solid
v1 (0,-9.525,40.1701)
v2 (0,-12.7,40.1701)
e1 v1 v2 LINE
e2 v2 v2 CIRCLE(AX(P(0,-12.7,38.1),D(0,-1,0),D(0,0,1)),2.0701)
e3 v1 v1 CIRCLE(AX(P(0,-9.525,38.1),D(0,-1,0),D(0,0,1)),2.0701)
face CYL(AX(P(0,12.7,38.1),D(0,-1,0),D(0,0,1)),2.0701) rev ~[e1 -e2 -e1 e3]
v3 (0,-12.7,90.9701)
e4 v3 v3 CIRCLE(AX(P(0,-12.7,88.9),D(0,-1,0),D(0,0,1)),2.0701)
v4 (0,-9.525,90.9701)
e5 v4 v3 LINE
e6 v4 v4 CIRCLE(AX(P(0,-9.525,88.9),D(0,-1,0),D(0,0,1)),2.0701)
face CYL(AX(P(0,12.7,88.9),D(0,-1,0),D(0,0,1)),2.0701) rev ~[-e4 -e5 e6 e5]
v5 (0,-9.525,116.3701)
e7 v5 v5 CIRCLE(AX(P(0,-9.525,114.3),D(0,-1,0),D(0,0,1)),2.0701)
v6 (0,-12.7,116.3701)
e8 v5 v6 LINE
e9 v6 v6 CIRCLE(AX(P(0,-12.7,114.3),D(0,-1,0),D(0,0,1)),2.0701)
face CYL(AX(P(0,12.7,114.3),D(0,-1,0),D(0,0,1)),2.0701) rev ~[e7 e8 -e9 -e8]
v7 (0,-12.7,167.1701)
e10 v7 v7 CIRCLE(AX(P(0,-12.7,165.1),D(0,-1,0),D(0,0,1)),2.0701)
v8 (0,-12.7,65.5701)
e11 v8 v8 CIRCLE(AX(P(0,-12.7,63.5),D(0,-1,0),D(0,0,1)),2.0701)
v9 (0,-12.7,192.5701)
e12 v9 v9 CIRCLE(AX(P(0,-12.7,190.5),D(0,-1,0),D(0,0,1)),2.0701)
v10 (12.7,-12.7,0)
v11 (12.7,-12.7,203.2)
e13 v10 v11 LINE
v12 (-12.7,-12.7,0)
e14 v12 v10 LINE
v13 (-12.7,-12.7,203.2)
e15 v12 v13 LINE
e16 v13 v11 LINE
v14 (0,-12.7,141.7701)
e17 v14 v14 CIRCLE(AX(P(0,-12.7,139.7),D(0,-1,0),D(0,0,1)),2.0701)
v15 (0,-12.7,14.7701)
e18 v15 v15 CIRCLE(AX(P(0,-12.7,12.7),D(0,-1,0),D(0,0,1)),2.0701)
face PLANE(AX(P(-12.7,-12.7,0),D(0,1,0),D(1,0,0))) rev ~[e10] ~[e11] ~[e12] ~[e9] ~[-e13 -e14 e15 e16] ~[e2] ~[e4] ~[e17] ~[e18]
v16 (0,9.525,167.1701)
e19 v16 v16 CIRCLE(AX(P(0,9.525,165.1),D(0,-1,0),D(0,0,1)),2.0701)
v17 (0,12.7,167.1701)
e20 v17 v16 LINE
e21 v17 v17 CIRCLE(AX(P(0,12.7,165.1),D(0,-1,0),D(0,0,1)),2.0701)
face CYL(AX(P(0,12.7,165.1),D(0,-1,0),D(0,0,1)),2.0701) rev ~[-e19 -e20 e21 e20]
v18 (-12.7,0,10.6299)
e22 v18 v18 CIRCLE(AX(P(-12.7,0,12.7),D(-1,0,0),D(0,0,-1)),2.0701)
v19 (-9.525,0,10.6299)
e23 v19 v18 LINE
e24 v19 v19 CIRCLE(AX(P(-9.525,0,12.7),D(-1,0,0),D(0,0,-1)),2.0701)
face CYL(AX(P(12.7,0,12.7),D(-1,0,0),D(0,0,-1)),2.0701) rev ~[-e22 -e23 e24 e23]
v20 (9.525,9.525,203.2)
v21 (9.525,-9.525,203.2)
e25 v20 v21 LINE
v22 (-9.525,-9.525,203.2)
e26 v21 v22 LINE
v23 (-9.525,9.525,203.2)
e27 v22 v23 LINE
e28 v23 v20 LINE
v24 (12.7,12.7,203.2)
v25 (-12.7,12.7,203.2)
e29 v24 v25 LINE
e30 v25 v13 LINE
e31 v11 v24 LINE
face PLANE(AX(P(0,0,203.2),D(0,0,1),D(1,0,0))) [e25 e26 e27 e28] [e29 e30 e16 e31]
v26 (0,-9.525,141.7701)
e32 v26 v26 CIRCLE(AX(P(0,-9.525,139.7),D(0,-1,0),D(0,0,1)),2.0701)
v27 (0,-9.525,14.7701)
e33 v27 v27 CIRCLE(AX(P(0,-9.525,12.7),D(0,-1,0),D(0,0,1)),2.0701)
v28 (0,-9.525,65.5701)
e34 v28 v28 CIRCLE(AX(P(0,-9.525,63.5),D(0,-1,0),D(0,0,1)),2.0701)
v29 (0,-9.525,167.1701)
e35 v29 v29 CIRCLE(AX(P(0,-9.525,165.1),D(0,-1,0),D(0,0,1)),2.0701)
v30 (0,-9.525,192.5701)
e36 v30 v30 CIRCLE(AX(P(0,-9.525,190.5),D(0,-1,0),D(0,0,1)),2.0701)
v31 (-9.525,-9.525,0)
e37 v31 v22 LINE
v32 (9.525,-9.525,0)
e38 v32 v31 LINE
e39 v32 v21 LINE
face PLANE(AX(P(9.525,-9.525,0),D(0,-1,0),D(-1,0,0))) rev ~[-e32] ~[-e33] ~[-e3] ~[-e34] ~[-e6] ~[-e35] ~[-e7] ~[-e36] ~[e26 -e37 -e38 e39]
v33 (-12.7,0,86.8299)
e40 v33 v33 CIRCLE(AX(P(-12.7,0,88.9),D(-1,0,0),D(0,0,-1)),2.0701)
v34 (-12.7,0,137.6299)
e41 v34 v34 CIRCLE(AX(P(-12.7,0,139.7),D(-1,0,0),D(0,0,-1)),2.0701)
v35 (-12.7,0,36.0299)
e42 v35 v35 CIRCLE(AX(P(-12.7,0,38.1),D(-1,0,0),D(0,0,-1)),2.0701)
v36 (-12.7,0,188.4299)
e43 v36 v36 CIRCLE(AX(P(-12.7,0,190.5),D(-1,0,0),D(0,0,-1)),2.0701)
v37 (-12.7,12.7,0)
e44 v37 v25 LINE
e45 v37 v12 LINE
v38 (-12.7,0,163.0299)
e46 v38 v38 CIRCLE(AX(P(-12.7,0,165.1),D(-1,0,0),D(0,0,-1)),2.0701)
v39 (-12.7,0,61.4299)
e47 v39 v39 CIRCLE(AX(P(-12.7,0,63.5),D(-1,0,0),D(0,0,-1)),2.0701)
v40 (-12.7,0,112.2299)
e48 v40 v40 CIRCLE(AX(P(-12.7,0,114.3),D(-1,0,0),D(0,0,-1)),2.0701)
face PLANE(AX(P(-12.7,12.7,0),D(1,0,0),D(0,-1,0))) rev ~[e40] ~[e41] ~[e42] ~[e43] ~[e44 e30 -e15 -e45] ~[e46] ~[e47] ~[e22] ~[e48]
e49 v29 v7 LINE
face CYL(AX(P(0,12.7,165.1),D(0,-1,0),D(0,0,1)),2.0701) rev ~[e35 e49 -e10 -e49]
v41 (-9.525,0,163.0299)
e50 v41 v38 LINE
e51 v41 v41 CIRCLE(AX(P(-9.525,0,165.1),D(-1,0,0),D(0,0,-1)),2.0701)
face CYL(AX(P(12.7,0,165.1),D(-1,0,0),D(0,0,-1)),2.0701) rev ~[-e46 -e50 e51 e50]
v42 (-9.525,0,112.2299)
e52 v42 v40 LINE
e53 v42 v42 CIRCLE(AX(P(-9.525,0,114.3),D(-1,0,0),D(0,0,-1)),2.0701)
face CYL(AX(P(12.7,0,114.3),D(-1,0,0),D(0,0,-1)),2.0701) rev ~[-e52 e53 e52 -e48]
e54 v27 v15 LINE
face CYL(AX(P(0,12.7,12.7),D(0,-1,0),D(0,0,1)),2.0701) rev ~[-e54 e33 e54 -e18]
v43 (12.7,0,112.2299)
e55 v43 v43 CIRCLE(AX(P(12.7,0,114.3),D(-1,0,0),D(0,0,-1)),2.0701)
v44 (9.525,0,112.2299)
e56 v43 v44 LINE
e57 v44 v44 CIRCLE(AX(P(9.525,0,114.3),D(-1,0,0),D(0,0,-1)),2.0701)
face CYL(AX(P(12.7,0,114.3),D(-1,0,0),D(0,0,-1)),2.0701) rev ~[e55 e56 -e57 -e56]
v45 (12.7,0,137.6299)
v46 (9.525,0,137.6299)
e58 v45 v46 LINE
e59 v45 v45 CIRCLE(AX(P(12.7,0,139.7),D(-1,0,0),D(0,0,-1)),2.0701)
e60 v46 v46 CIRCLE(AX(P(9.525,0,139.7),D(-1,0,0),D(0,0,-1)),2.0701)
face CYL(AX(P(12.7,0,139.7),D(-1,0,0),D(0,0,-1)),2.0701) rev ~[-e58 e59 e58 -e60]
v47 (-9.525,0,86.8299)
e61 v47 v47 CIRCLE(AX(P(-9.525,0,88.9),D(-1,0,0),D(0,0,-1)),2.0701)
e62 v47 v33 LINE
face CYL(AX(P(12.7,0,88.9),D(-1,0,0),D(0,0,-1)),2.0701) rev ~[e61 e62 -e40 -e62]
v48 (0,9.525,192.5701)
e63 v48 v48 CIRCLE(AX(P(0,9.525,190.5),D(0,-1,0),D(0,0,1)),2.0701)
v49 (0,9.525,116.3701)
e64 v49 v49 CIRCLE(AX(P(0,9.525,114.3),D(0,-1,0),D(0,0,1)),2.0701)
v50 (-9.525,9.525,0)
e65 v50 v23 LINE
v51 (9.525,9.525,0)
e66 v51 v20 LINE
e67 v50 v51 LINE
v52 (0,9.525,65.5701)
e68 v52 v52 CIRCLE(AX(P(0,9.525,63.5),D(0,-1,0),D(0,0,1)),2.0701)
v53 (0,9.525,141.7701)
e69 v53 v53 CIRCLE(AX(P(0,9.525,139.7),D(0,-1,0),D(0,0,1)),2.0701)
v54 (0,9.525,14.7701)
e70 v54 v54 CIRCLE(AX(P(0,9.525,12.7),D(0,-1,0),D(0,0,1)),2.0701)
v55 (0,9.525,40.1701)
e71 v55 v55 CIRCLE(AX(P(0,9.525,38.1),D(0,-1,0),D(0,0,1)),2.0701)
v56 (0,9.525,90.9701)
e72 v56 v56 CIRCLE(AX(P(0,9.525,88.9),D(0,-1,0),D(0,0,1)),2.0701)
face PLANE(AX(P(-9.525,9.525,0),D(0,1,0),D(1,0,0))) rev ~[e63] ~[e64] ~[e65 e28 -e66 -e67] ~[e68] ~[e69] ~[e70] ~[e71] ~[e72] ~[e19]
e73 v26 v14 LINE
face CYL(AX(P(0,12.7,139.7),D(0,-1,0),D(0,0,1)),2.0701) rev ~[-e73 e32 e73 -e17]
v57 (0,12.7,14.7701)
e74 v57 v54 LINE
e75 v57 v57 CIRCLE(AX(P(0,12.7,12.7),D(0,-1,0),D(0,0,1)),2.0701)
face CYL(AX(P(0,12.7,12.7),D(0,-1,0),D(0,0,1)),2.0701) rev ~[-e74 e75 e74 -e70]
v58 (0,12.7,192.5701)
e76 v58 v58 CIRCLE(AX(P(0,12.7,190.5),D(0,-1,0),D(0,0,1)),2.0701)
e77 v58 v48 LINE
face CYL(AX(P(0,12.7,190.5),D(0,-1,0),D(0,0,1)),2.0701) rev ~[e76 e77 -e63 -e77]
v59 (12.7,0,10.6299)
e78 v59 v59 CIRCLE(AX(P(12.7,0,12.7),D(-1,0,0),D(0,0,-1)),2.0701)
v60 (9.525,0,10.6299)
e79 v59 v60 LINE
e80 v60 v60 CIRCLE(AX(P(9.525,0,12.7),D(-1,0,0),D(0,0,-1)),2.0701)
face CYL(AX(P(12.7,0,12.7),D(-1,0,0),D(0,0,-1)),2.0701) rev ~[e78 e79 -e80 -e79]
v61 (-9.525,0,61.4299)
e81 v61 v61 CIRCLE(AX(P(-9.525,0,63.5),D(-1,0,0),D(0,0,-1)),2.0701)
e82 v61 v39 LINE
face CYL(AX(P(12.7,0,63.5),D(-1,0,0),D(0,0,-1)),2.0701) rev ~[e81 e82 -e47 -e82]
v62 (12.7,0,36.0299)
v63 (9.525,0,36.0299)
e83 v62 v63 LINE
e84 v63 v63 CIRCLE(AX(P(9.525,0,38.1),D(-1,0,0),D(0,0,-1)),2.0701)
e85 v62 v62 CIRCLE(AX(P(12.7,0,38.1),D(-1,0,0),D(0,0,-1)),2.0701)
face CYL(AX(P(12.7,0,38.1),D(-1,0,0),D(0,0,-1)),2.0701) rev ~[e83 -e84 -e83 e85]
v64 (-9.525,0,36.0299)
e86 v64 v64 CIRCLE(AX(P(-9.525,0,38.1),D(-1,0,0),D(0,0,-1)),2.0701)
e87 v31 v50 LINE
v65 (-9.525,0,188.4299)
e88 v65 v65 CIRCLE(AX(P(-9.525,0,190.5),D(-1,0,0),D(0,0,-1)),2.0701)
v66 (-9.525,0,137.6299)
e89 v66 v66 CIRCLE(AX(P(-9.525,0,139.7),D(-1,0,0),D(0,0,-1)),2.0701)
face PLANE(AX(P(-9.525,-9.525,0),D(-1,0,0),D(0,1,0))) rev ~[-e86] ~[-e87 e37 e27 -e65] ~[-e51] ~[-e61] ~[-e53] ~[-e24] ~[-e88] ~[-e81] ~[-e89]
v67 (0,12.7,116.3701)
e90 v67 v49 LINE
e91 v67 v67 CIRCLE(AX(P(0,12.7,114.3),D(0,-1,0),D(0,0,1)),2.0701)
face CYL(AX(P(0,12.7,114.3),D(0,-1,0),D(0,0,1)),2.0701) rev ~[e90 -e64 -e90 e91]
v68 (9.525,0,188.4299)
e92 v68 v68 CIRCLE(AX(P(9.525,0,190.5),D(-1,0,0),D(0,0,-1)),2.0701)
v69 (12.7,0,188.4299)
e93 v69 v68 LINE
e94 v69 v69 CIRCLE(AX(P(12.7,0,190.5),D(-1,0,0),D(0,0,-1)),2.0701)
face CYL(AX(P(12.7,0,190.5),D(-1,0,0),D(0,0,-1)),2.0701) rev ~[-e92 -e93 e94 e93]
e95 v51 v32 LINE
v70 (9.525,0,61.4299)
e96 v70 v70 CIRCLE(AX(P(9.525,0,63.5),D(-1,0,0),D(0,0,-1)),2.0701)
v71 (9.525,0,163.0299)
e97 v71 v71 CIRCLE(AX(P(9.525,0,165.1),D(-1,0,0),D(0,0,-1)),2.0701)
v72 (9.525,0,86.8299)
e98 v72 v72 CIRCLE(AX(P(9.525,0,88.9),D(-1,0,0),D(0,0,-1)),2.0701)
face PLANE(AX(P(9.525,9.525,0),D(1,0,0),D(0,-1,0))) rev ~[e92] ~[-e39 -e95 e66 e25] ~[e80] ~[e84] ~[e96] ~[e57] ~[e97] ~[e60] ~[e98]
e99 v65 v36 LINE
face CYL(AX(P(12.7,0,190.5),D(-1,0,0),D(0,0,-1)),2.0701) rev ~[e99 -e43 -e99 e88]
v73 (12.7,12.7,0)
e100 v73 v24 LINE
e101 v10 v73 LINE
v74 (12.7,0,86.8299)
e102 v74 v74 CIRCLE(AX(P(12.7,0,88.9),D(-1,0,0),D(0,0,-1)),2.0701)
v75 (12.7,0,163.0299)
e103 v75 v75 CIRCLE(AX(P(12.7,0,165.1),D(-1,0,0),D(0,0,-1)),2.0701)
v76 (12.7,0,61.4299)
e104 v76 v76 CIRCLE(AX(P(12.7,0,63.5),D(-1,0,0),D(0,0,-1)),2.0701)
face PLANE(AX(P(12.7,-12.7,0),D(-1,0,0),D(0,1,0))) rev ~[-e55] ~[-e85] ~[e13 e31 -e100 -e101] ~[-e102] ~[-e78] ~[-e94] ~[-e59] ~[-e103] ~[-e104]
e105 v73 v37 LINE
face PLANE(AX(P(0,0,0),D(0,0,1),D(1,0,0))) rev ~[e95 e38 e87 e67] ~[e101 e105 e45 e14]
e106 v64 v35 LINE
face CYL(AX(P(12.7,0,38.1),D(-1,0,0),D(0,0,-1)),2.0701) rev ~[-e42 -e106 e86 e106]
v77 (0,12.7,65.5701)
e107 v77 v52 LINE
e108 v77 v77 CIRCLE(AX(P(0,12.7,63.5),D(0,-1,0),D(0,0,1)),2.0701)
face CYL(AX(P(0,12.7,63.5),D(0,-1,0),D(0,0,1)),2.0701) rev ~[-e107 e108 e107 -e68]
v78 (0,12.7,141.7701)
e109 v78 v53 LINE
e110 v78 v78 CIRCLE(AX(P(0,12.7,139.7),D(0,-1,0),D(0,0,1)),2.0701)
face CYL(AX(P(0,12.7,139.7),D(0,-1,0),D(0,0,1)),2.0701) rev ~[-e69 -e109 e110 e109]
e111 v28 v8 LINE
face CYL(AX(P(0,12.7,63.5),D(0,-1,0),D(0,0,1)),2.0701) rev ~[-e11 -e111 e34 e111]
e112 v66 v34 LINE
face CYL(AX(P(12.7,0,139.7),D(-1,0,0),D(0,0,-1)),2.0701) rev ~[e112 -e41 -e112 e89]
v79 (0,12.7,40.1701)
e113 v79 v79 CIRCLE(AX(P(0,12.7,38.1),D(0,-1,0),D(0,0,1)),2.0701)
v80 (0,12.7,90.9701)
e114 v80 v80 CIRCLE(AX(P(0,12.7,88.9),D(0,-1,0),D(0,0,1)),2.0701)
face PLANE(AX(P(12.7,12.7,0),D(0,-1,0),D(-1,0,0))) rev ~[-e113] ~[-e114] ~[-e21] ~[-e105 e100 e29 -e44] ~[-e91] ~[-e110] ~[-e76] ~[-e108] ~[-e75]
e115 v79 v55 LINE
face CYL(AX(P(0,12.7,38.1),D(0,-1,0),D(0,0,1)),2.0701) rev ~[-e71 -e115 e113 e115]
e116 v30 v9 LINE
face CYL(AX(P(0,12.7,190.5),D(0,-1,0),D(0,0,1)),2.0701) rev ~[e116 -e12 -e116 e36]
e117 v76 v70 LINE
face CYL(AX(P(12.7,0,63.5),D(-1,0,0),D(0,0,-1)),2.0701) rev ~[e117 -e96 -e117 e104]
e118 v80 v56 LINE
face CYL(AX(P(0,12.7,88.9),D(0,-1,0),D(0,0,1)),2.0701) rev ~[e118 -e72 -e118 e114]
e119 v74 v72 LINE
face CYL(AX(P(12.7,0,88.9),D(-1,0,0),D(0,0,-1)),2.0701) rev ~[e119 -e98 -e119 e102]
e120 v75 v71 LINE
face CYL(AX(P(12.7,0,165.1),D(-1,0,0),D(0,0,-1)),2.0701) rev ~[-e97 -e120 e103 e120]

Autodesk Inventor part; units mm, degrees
ref_plane "YZ Plane" through (0, 0, 0) normal (1, 0, 0) x (0, 1, 0)
ref_plane "XZ Plane" through (0, 0, 0) normal (0, 1, 0) x (-1, 0, 0)
ref_plane "XY Plane" through (0, 0, 0) normal (0, 0, 1) x (1, 0, 0)
sketch "Sketch1" plane through (0, 0, 0) normal (0, 0, 1) x (1, 0, 0)
  line L0 (-12.7, -12.7) -> (12.7, -12.7)
  line L1 (12.7, -12.7) -> (12.7, 12.7)
  line L2 (12.7, 12.7) -> (-12.7, 12.7)
  line L3 (-12.7, 12.7) -> (-12.7, -12.7)
  line L4 (-12.7, -12.7) -> (12.7, 12.7) construction
  line L5 (12.7, -12.7) -> (-12.7, 12.7) construction
  line L6 (9.525, -9.525) -> (-9.525, -9.525)
  line L7 (-9.525, -9.525) -> (-9.525, 9.525)
  line L8 (-9.525, 9.525) -> (9.525, 9.525)
  line L9 (9.525, 9.525) -> (9.525, -9.525)
  line L10 (9.525, -9.525) -> (-9.525, 9.525) construction
  line L11 (-9.525, -9.525) -> (9.525, 9.525) construction
  point P0 (0, 0)
  dimension "d0" = 25.4
  dimension "d1" = 25.4
  dimension "d6" = 3.175
  dimension "d7" = 3.175
extrude "Extrusion1" add sketch "Sketch1" along normal blind 203.2
sketch "Sketch6" plane through (12.7, -12.7, 0) normal (1, 0, 0) x (0, 0, -1)
  line L0 (0, 0) -> (0, 25.4) projected
  line L1 (0, 25.4) -> (-203.2, 25.4) projected
  point P0 (0, 12.7)
  point P1 (-12.7, 12.7)
  point P2 (-38.1, 12.7)
  point P3 (-63.5, 12.7)
  point P4 (-88.9, 12.7)
  point P5 (-114.3, 12.7)
  point P6 (-139.7, 12.7)
  point P7 (-165.1, 12.7)
  point P8 (-190.5, 12.7)
  dimension "d23" = 12.7
  dimension "d24" = 12.7
  dimension "d27" = 25.4
hole "Hole2" at (12.7, 0, 12.7) at (12.7, 0, 38.1) at (12.7, 0, 63.5) at (12.7, 0, 88.9) at (12.7, 0, 114.3) at (12.7, 0, 139.7) at (12.7, 0, 165.1) at (12.7, 0, 190.5) direction (-1, 0, 0) diameter 4.1402 end through all
sketch "Sketch7" plane through (-12.7, 12.7, 0) normal (0, 1, 0) x (1, 0, 0)
  line L0 (25.4, 0) -> (0, 0) projected
  line L1 (0, 0) -> (0, -203.2) projected
  point P0 (12.7, 0)
  point P1 (12.7, -12.7)
  point P2 (12.7, -38.1)
  point P3 (12.7, -63.5)
  point P4 (12.7, -88.9)
  point P5 (12.7, -114.3)
  point P6 (12.7, -139.7)
  point P7 (12.7, -165.1)
  point P8 (12.7, -190.5)
  dimension "d39" = 12.7
  dimension "d40" = 12.7
  dimension "d43" = 25.4
hole "Hole3" at (0, 12.7, 12.7) at (0, 12.7, 38.1) at (0, 12.7, 63.5) at (0, 12.7, 88.9) at (0, 12.7, 114.3) at (0, 12.7, 139.7) at (0, 12.7, 165.1) at (0, 12.7, 190.5) direction (0, -1, 0) diameter 4.1402 end through all
properties part number "C28_TK_FrontWheelGuard" material "Aluminum 6061"
